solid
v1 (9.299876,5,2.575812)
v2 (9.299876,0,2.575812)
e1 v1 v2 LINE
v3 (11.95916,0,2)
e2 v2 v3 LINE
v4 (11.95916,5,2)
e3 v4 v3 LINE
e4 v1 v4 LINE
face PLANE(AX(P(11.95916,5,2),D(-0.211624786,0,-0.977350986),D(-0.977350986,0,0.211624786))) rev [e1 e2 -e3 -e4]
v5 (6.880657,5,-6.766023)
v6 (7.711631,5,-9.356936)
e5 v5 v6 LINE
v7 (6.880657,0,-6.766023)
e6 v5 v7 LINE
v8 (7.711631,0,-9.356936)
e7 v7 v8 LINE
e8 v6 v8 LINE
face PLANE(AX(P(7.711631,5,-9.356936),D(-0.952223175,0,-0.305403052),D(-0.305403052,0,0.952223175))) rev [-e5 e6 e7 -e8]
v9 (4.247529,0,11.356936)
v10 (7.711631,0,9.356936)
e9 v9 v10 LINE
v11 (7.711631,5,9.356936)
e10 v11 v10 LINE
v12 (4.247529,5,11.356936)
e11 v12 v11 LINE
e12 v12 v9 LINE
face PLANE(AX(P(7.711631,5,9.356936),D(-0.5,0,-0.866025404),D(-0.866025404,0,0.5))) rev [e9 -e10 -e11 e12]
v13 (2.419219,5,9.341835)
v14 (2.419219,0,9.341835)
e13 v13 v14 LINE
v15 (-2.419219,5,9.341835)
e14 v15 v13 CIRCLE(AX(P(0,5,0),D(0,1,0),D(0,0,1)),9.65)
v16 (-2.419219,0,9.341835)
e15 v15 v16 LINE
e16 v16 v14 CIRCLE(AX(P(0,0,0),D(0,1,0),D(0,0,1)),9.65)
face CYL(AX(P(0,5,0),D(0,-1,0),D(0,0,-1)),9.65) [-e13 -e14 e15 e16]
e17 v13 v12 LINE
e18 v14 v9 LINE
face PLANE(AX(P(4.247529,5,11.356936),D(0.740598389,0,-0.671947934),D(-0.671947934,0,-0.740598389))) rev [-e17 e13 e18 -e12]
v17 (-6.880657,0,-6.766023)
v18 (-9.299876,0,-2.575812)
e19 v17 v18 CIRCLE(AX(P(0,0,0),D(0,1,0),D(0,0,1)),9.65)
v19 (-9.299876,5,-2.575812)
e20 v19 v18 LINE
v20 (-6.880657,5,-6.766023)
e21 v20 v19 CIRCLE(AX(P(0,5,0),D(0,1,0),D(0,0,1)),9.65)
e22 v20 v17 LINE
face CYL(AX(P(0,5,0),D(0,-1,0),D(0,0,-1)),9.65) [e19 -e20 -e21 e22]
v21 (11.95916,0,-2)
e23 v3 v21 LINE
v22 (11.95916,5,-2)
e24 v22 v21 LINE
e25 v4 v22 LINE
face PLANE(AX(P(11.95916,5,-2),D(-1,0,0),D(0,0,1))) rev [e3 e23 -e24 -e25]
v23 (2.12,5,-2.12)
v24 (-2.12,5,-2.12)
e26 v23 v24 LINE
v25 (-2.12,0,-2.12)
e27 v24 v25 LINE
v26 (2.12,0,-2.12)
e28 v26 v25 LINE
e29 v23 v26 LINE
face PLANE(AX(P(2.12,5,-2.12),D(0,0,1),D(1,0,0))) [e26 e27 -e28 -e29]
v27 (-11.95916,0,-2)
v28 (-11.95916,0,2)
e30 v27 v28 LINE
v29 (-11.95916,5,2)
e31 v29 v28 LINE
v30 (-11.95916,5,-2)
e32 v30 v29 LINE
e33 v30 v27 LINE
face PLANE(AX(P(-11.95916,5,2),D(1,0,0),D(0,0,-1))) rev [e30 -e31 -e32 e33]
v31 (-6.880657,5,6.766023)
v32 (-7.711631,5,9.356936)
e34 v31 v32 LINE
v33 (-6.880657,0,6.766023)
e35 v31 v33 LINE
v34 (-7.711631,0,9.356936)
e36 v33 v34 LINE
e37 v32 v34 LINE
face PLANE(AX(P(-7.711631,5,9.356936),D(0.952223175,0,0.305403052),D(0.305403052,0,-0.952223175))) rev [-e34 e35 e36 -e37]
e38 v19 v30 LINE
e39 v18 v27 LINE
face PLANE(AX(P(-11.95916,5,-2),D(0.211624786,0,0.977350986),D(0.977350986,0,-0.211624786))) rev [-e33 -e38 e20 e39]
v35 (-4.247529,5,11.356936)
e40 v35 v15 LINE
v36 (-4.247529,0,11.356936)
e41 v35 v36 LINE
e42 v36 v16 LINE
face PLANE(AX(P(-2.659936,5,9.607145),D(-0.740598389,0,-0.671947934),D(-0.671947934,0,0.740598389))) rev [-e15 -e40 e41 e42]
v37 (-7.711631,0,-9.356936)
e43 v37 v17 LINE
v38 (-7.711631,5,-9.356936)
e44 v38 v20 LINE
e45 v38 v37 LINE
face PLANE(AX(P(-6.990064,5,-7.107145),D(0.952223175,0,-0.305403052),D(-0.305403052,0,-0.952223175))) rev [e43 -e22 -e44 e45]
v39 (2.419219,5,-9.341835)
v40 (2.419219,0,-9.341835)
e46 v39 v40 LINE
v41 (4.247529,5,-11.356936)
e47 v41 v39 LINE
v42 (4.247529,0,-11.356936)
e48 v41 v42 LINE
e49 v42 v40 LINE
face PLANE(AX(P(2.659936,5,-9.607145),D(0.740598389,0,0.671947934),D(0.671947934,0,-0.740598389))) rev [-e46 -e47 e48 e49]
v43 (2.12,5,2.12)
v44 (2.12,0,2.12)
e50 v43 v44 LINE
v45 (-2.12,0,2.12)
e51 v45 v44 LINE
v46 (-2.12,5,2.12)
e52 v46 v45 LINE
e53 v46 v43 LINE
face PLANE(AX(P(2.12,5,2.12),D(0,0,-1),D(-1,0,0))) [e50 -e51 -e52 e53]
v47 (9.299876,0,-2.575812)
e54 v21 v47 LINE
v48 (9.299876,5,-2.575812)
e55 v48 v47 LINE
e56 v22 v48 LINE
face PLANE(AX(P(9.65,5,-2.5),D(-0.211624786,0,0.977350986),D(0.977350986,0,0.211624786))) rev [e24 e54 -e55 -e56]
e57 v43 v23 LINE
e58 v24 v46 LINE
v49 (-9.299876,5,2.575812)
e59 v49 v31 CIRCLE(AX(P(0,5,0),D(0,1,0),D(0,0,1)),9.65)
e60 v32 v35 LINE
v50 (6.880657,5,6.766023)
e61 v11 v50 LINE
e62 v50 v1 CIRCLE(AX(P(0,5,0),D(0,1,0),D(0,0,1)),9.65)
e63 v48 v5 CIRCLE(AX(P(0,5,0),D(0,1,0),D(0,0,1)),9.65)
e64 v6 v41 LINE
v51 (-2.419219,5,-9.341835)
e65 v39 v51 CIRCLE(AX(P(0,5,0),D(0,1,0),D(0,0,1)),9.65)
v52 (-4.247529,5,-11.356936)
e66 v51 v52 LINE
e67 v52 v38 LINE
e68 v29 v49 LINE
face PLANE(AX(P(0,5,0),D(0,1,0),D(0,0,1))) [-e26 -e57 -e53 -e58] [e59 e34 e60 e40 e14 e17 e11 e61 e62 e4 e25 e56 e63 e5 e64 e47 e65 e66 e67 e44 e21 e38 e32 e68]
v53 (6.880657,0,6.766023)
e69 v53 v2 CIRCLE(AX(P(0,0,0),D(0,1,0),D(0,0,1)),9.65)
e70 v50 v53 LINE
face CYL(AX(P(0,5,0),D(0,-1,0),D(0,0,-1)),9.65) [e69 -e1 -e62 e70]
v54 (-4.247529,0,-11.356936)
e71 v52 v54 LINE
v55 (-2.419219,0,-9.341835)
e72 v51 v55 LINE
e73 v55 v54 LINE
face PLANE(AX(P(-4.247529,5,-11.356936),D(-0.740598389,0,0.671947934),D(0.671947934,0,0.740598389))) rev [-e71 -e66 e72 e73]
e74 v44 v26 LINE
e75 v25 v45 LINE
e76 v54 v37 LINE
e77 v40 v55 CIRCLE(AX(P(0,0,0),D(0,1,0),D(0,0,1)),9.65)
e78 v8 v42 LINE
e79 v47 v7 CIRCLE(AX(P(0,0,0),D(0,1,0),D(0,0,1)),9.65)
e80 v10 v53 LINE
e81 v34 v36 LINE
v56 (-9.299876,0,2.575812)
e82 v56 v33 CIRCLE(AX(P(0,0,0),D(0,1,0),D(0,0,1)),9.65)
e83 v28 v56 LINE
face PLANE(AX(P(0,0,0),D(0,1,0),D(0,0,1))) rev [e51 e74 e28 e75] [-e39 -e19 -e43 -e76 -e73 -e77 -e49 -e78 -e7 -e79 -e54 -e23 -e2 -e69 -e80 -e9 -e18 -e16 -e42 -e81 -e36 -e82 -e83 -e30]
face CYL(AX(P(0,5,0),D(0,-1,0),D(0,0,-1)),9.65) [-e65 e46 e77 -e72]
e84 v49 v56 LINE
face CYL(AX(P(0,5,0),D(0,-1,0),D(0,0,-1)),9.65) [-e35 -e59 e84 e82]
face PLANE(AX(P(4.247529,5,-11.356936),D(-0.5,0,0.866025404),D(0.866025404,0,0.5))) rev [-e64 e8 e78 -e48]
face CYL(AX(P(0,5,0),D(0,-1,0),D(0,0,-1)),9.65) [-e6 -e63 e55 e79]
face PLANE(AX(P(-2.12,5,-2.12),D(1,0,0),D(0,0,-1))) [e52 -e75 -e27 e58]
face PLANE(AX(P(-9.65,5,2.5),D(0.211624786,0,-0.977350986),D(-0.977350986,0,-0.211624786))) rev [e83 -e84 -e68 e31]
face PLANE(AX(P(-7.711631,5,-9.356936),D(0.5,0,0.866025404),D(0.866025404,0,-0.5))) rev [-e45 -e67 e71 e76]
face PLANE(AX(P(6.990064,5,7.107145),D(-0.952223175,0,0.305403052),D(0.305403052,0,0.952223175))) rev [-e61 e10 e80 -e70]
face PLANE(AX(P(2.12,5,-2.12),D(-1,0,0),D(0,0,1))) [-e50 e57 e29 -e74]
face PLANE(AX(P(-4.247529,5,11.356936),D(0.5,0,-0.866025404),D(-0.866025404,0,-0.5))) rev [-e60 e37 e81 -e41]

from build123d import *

# Parameters (mm, degrees)
SKETCH2_W           = 4.24
SKETCH2_H           = 4.24
BOSS_EXTRUDE1_DEPTH = 5


with BuildPart() as part:
    # Sketch2 → Boss-Extrude1 (new body)
    with BuildSketch(Plane(origin=(0, 0, 0), x_dir=(1, 0, 0), z_dir=(0, 1, 0))):
        with BuildLine():
            Line((7.711630813, -9.356936378), (4.247529198, -11.356936378))
            Line((4.247529198, -11.356936378), (2.659936491, -9.607145147))
            Line((2.659936491, -9.607145147), (2.419219348, -9.341834817))
            ThreePointArc((2.419219348, -9.341834817), (0, -9.65), (-2.419219348, -9.341834817))
            Line((-2.419219348, -9.341834817), (-2.659936491, -9.607145147))
            Line((-2.659936491, -9.607145147), (-4.247529198, -11.356936378))
            Line((-4.247529198, -11.356936378), (-7.711630813, -9.356936378))
            Line((-7.711630813, -9.356936378), (-6.990063509, -7.107145147))
            Line((-6.990063509, -7.107145147), (-6.880656595, -6.766022821))
            ThreePointArc((-6.880656595, -6.766022821), (-8.357145147, -4.825), (-9.299875943, -2.575811995))
            Line((-9.299875943, -2.575811995), (-9.65, -2.5))
            Line((-9.65, -2.5), (-11.959160012, -2))
            Line((-11.959160012, -2), (-11.959160012, 2))
            Line((-11.959160012, 2), (-9.65, 2.5))
            Line((-9.65, 2.5), (-9.299875943, 2.575811995))
            ThreePointArc((-9.299875943, 2.575811995), (-8.357145147, 4.825), (-6.880656595, 6.766022821))
            Line((-6.880656595, 6.766022821), (-6.990063509, 7.107145147))
            Line((-6.990063509, 7.107145147), (-7.711630813, 9.356936378))
            Line((-7.711630813, 9.356936378), (-4.247529198, 11.356936378))
            Line((-4.247529198, 11.356936378), (-2.659936491, 9.607145147))
            Line((-2.659936491, 9.607145147), (-2.419219348, 9.341834817))
            ThreePointArc((-2.419219348, 9.341834817), (0, 9.65), (2.419219348, 9.341834817))
            Line((2.419219348, 9.341834817), (2.659936491, 9.607145147))
            Line((2.659936491, 9.607145147), (4.247529198, 11.356936378))
            Line((4.247529198, 11.356936378), (7.711630813, 9.356936378))
            Line((7.711630813, 9.356936378), (6.990063509, 7.107145147))
            Line((6.990063509, 7.107145147), (6.880656595, 6.766022821))
            ThreePointArc((6.880656595, 6.766022821), (8.357145147, 4.825), (9.299875943, 2.575811995))
            Line((9.299875943, 2.575811995), (9.65, 2.5))
            Line((9.65, 2.5), (11.959160012, 2))
            Line((11.959160012, 2), (11.959160012, -2))
            Line((11.959160012, -2), (9.65, -2.5))
            Line((9.65, -2.5), (9.299875943, -2.575811995))
            ThreePointArc((9.299875943, -2.575811995), (8.357145147, -4.825), (6.880656595, -6.766022821))
            Line((6.880656595, -6.766022821), (6.990063509, -7.107145147))
            Line((6.990063509, -7.107145147), (7.711630813, -9.356936378))
        make_face()
        Rectangle(SKETCH2_W, SKETCH2_H, mode=Mode.SUBTRACT)
    extrude(amount=BOSS_EXTRUDE1_DEPTH)


solid = part.part
